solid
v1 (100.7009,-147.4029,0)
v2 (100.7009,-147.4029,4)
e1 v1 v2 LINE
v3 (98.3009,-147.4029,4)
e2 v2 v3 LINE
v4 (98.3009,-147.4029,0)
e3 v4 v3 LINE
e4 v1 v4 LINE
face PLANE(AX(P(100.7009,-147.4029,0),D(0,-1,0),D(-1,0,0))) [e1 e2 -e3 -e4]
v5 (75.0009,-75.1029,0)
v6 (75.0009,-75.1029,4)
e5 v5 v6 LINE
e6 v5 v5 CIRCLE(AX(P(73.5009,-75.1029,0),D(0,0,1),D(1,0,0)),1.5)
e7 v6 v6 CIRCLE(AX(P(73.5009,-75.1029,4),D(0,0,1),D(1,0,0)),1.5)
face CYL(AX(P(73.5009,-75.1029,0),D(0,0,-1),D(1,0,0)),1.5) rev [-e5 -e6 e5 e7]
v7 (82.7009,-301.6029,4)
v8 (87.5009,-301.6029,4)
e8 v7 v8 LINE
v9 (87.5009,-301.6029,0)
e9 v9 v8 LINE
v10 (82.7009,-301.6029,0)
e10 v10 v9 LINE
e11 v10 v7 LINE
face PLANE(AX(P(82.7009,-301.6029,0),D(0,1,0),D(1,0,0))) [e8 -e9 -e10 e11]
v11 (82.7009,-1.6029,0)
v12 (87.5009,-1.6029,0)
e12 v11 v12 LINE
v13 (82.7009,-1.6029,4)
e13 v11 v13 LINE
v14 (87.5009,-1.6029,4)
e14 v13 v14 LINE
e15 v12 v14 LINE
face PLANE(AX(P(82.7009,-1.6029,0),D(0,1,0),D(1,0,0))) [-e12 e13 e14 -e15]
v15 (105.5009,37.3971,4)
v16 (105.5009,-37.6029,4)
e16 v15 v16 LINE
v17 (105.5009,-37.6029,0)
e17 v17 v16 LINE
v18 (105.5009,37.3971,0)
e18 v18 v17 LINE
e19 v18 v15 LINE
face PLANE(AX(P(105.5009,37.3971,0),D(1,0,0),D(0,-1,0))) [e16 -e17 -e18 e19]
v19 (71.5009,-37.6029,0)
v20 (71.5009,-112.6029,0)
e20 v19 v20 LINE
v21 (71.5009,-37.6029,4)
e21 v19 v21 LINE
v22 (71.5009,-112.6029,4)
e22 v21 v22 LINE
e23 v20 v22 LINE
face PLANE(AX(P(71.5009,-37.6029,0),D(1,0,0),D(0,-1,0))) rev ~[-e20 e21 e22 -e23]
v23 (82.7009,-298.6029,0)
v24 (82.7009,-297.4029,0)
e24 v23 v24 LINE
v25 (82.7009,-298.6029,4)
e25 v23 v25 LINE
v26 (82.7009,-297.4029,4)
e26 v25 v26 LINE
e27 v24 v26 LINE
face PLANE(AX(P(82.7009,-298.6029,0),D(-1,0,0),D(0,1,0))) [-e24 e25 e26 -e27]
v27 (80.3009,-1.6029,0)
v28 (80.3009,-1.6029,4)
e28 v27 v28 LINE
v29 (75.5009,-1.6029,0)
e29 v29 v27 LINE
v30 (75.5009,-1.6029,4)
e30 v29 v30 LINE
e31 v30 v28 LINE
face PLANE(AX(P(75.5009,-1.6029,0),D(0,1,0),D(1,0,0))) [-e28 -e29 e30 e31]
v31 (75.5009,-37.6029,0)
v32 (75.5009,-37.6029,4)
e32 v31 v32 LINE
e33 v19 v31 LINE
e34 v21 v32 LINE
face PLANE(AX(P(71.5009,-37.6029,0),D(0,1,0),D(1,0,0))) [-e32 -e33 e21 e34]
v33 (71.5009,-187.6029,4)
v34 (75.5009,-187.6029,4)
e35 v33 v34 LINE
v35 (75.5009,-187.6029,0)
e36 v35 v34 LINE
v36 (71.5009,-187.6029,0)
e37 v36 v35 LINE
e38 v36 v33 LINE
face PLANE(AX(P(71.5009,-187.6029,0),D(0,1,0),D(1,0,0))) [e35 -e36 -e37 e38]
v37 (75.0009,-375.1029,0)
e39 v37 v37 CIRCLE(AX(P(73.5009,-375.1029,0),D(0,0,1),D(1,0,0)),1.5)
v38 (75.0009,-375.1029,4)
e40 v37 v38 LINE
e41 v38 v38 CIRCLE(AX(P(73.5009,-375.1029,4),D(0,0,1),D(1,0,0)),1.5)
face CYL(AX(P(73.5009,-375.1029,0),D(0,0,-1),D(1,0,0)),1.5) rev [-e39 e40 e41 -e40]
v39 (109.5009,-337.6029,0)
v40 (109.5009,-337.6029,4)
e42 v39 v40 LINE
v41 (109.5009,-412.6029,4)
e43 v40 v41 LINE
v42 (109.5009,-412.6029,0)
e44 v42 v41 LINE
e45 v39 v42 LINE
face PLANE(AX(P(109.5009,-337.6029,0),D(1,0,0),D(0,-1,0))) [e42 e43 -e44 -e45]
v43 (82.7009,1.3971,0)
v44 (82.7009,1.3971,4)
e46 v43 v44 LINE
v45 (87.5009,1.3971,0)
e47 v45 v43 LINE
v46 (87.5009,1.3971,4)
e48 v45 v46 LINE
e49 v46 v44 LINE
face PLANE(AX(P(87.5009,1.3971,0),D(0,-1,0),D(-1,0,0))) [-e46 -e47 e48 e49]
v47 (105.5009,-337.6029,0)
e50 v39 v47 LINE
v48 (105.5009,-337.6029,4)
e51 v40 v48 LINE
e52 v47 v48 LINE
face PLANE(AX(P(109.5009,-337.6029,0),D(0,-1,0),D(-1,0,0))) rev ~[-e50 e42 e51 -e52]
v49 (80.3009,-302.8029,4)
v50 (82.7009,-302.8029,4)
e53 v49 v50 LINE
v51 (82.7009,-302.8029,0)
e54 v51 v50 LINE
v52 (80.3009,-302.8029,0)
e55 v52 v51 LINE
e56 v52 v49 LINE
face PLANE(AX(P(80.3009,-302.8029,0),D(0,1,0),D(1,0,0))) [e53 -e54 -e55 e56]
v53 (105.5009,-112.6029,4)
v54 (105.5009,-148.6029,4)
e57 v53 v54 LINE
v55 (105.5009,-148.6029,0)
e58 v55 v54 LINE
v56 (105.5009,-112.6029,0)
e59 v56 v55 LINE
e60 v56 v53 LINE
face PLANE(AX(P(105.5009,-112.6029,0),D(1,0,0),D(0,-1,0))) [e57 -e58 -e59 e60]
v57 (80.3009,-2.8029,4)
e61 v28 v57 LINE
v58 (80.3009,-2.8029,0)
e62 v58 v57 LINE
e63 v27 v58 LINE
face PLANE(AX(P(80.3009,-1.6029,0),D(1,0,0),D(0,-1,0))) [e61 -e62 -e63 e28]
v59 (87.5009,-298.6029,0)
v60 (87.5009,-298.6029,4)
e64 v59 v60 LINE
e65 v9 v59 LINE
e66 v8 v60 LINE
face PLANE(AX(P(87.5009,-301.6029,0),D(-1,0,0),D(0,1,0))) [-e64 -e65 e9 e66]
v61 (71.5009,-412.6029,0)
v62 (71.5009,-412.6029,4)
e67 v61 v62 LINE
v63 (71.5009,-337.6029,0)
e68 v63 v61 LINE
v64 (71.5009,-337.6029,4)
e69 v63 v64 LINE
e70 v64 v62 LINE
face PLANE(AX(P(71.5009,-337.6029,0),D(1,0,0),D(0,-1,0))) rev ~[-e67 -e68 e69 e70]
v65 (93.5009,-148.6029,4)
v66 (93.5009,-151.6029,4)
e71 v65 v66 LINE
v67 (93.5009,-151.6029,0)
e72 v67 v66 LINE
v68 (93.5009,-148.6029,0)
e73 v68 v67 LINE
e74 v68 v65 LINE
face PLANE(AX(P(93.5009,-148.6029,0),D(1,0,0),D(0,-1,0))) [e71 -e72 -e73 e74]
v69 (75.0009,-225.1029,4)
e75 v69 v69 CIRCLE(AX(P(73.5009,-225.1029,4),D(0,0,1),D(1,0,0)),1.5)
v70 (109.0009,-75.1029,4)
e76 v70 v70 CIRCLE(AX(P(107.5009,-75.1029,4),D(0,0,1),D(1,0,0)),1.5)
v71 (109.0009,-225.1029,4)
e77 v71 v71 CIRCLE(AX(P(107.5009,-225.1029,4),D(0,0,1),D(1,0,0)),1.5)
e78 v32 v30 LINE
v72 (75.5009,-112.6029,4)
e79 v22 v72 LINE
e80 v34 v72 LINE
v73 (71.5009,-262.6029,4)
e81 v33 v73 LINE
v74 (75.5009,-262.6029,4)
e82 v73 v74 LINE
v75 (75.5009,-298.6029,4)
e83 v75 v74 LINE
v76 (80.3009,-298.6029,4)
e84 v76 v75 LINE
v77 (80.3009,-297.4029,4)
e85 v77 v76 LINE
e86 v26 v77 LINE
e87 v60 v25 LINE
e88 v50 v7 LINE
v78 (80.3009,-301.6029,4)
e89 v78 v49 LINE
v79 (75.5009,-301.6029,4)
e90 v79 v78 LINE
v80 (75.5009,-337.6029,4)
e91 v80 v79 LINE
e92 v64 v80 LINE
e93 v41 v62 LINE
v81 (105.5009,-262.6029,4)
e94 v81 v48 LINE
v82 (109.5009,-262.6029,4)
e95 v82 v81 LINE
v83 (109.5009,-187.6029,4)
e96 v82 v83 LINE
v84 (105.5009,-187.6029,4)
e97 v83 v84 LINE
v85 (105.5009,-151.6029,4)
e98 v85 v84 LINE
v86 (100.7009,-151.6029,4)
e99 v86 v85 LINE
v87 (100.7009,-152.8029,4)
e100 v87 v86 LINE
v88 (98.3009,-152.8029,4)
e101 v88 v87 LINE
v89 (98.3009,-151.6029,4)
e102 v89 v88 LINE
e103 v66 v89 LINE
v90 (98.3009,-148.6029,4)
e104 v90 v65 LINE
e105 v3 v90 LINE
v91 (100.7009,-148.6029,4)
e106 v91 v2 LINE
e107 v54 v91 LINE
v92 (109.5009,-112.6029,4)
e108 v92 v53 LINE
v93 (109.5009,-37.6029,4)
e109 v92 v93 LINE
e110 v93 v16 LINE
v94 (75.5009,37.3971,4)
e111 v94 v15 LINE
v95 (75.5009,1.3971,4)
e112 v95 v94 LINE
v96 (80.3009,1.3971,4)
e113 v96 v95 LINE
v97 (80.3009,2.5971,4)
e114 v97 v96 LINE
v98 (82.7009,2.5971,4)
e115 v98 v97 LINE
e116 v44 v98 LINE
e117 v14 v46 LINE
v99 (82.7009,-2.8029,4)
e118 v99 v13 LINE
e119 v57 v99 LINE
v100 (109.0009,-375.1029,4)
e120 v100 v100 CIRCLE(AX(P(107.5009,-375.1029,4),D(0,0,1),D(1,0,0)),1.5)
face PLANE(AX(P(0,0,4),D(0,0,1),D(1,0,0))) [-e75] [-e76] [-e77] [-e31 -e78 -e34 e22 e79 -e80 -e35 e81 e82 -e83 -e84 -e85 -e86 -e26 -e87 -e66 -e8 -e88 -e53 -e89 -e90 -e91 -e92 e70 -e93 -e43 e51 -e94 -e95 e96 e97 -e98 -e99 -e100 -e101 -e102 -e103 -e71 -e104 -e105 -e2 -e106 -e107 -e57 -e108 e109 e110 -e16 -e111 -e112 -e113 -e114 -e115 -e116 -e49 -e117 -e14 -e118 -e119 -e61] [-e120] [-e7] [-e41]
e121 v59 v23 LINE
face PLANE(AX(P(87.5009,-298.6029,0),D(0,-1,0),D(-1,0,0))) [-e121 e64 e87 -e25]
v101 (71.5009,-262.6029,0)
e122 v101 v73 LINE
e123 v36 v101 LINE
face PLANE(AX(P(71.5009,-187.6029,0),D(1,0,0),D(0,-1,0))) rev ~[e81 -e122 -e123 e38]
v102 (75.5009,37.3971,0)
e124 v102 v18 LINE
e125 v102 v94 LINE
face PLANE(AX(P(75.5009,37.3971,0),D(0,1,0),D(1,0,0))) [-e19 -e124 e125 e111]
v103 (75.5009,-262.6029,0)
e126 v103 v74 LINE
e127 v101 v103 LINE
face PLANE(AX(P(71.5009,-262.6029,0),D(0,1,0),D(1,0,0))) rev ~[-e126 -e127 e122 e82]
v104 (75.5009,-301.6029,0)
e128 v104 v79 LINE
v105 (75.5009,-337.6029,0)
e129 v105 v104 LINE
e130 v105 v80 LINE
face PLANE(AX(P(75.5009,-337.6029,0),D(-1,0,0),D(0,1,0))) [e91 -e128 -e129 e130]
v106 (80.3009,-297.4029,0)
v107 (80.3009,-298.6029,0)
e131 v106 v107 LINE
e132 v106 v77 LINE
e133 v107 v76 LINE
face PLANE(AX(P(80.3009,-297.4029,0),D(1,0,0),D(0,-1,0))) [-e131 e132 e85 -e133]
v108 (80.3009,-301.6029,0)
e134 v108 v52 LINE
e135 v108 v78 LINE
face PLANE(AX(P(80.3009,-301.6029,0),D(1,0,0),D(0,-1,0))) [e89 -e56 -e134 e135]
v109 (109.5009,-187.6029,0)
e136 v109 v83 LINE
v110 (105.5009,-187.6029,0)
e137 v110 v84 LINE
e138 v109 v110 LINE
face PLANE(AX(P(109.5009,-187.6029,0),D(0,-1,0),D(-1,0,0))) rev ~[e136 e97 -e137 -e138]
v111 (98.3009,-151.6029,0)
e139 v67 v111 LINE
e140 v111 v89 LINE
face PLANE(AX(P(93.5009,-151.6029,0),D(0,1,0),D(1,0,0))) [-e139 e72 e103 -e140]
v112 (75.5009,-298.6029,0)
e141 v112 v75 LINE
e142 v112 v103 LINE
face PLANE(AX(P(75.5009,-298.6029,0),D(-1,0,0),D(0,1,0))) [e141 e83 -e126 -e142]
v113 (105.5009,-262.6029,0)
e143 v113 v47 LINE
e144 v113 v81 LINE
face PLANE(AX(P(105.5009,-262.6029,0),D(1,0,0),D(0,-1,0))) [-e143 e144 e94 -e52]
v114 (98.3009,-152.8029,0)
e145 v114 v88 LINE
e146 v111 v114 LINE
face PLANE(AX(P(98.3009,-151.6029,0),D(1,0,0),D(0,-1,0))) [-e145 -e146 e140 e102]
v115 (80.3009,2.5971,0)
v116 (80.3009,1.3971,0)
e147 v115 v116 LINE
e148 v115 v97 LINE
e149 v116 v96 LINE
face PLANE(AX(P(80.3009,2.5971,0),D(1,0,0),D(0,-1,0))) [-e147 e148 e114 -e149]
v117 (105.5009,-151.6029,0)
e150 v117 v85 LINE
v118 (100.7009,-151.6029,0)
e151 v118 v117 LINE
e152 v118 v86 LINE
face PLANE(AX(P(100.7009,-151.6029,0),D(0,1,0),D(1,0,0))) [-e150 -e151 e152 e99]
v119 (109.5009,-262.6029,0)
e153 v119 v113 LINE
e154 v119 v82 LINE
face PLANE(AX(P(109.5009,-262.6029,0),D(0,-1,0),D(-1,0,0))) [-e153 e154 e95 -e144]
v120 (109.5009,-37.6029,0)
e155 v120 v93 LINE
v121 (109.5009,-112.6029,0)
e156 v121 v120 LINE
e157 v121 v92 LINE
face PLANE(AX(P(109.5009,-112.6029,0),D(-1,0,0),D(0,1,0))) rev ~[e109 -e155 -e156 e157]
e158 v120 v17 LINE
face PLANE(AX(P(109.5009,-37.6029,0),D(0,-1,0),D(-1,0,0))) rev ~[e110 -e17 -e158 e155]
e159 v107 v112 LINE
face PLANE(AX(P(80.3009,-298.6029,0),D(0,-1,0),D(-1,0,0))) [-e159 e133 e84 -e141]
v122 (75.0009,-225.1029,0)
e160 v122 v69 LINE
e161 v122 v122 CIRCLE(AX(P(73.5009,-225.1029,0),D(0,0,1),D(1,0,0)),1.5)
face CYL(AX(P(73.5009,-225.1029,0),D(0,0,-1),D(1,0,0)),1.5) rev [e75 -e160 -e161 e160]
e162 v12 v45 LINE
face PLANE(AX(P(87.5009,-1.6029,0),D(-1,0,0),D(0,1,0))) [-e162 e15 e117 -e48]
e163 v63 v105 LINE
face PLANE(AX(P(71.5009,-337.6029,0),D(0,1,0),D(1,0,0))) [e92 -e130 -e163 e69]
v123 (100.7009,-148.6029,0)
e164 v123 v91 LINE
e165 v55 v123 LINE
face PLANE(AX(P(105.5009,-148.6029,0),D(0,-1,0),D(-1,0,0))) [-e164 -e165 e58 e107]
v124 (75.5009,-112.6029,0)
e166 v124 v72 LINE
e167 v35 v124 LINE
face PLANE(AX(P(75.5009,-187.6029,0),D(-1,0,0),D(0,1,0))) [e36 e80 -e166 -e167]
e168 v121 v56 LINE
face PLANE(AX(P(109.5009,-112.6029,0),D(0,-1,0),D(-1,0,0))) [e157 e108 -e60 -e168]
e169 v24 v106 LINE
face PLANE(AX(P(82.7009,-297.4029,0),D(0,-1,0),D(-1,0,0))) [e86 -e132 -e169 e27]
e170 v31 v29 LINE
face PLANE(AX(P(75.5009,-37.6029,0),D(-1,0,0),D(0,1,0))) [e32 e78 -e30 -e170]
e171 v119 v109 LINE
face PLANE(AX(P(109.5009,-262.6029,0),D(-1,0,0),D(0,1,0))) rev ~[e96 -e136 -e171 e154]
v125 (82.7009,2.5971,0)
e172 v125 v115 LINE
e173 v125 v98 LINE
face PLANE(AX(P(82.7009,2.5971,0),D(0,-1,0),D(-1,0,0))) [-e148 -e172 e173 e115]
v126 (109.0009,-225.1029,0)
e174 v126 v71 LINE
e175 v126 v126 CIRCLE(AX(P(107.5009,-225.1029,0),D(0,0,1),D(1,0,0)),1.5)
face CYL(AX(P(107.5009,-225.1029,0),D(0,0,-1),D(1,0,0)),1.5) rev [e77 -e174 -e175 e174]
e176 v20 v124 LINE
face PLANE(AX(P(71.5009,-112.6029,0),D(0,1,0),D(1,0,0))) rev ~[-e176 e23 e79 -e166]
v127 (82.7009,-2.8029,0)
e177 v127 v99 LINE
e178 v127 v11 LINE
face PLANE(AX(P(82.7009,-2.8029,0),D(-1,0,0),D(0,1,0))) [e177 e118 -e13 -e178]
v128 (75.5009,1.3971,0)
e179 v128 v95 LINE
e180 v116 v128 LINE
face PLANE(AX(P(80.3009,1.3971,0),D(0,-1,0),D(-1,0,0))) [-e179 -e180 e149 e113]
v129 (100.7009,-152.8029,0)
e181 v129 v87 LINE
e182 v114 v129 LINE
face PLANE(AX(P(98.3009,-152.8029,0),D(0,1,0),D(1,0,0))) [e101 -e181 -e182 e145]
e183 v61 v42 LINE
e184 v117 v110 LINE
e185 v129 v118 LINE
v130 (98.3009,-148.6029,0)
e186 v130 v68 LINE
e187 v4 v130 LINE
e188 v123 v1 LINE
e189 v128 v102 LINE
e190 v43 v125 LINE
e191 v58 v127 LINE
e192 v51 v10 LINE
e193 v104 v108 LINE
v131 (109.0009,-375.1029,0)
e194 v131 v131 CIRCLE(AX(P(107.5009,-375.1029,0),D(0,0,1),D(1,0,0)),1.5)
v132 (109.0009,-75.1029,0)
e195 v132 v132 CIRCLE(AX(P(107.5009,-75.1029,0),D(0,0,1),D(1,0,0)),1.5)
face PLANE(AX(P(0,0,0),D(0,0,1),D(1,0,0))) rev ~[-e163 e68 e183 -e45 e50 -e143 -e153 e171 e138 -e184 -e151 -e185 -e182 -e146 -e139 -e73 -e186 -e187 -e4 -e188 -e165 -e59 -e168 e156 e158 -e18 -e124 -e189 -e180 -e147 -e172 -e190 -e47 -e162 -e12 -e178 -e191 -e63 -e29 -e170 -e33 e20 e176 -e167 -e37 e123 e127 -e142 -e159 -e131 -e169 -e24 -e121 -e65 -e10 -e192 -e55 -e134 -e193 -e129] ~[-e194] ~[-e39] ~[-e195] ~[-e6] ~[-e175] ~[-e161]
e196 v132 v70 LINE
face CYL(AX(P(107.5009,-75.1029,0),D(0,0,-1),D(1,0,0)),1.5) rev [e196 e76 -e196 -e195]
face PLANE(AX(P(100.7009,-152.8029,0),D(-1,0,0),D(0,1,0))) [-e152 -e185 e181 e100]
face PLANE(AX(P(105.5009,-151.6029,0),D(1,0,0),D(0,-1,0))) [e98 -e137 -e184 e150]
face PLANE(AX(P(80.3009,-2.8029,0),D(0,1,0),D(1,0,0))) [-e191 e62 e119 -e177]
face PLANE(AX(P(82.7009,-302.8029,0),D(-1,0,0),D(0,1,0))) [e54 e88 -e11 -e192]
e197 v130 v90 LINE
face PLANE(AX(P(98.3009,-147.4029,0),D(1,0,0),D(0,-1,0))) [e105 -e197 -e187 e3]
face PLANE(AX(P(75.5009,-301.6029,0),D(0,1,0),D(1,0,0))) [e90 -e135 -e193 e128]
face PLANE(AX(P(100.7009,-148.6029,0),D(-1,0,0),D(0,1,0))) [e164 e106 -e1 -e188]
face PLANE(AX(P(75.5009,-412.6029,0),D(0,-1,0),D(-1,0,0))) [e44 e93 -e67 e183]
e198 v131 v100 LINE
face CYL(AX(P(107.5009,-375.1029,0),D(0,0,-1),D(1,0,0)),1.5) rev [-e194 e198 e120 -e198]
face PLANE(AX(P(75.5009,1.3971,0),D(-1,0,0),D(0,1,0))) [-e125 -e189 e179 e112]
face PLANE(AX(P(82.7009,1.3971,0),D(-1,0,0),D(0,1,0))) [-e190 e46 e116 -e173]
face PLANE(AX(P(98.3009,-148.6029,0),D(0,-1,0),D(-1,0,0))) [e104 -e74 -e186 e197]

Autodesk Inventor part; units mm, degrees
ref_plane "YZ Plane" through (0, 0, 0) normal (1, 0, 0) x (0, 1, 0)
ref_plane "XZ Plane" through (0, 0, 0) normal (0, 1, 0) x (-1, 0, 0)
ref_plane "XY Plane" through (0, 0, 0) normal (0, 0, 1) x (1, 0, 0)
sketch "Sketch1" plane through (0, 0, 0) normal (0, 0, 1) x (1, 0, 0)
  line L0 (75.5009, -337.6029) -> (75.5009, -262.6029) projected
  line L1 (71.5009, -262.6029) -> (75.5009, -262.6029) projected
  line L2 (71.5009, -337.6029) -> (71.5009, -262.6029) projected
  line L3 (71.5009, -337.6029) -> (75.5009, -337.6029) projected
  line L4 (75.5009, -187.6029) -> (75.5009, -112.6029) projected
  line L5 (71.5009, -112.6029) -> (75.5009, -112.6029) projected
  line L6 (71.5009, -187.6029) -> (71.5009, -112.6029) projected
  line L7 (71.5009, -187.6029) -> (75.5009, -187.6029) projected
  line L8 (75.5009, -37.6029) -> (75.5009, 37.3971) projected
  line L9 (71.5009, 37.3971) -> (75.5009, 37.3971) projected
  line L10 (71.5009, -37.6029) -> (71.5009, 37.3971) projected
  line L11 (71.5009, -37.6029) -> (75.5009, -37.6029) projected
  line L12 (75.5009, 37.3971) -> (105.5009, 37.3971)
  line L13 (105.5009, 37.3971) -> (105.5009, -412.6029)
  line L14 (105.5009, -412.6029) -> (75.5009, -412.6029)
  line L15 (75.5009, -412.6029) -> (75.5009, 37.3971)
  line L16 (71.5009, -412.6029) -> (279.5009, -412.6029) construction
  line L17 (90.5009, -412.6029) -> (90.5009, 37.3971) construction
  line L18 (105.5009, -337.6029) -> (105.5009, -262.6029)
  line L19 (109.5009, -262.6029) -> (105.5009, -262.6029)
  line L20 (109.5009, -337.6029) -> (109.5009, -262.6029)
  line L21 (109.5009, -337.6029) -> (105.5009, -337.6029)
  line L22 (105.5009, -187.6029) -> (105.5009, -112.6029)
  line L23 (109.5009, -112.6029) -> (105.5009, -112.6029)
  line L24 (109.5009, -187.6029) -> (109.5009, -112.6029)
  line L25 (109.5009, -187.6029) -> (105.5009, -187.6029)
  line L26 (105.5009, -37.6029) -> (105.5009, 37.3971)
  line L27 (109.5009, 37.3971) -> (105.5009, 37.3971)
  line L28 (109.5009, -37.6029) -> (109.5009, 37.3971)
  line L29 (109.5009, -37.6029) -> (105.5009, -37.6029)
  line L30 (71.5009, -37.6029) -> (71.5009, -112.6029)
  line L31 (71.5009, -187.6029) -> (71.5009, -262.6029)
  line L32 (71.5009, -337.6029) -> (71.5009, -412.6029)
  line L33 (75.5009, -412.6029) -> (71.5009, -412.6029)
  line L34 (109.5009, -337.6029) -> (109.5009, -412.6029)
  line L35 (109.5009, -412.6029) -> (105.5009, -412.6029)
  line L36 (109.5009, -262.6029) -> (109.5009, -187.6029)
  line L37 (109.5009, -112.6029) -> (109.5009, -37.6029)
  line L38 (71.5009, -37.6029) -> (75.5009, -112.6029) construction
  circle A0 centre (73.5009, -75.1029) radius 1.5
  circle A1 centre (73.5009, -225.1029) radius 1.5
  circle A2 centre (73.5009, -375.1029) radius 1.5
  circle A3 centre (107.5009, -75.1029) radius 1.5
  circle A4 centre (107.5009, -225.1029) radius 1.5
  circle A5 centre (107.5009, -375.1029) radius 1.5
  line L39 (75.5009, -1.6029) -> (87.5009, -1.6029)
  line L40 (87.5009, -1.6029) -> (87.5009, 1.3971)
  line L41 (87.5009, 1.3971) -> (75.5009, 1.3971)
  line L42 (75.5009, 1.3971) -> (75.5009, -1.6029)
  line L43 (82.7009, 2.5971) -> (80.3009, 2.5971)
  line L44 (80.3009, 2.5971) -> (80.3009, -2.8029)
  line L45 (80.3009, -2.8029) -> (82.7009, -2.8029)
  line L46 (82.7009, -2.8029) -> (82.7009, 2.5971)
  line L47 (93.5009, -151.6029) -> (105.5009, -151.6029)
  line L48 (105.5009, -151.6029) -> (105.5009, -148.6029)
  line L49 (105.5009, -148.6029) -> (93.5009, -148.6029)
  line L50 (93.5009, -148.6029) -> (93.5009, -151.6029)
  line L51 (100.7009, -147.4029) -> (98.3009, -147.4029)
  line L52 (98.3009, -147.4029) -> (98.3009, -152.8029)
  line L53 (98.3009, -152.8029) -> (100.7009, -152.8029)
  line L54 (100.7009, -152.8029) -> (100.7009, -147.4029)
  line L55 (75.5009, -301.6029) -> (87.5009, -301.6029)
  line L56 (87.5009, -301.6029) -> (87.5009, -298.6029)
  line L57 (87.5009, -298.6029) -> (75.5009, -298.6029)
  line L58 (75.5009, -298.6029) -> (75.5009, -301.6029)
  line L59 (82.7009, -297.4029) -> (80.3009, -297.4029)
  line L60 (80.3009, -297.4029) -> (80.3009, -302.8029)
  line L61 (80.3009, -302.8029) -> (82.7009, -302.8029)
  line L62 (82.7009, -302.8029) -> (82.7009, -297.4029)
  point P0 (87.5009, -0.1029)
  point P1 (71.5009, -0.1029)
  point P2 (82.7009, -0.1029)
  point P3 (81.5009, 2.5971)
  point P4 (81.5009, -1.6029)
  point P5 (105.5009, -150.1029)
  point P6 (100.7009, -150.1029)
  point P7 (99.5009, -147.4029)
  point P8 (99.5009, -151.6029)
  point P9 (87.5009, -300.1029)
  point P10 (82.7009, -300.1029)
  point P11 (81.5009, -297.4029)
  point P12 (81.5009, -301.6029)
  point P13 (109.5009, -150.1029)
  point P14 (71.5009, -300.1029)
  point P15 (80.3009, 1.3971)
  point P16 (82.7009, 1.3971)
  point P17 (82.7009, -1.6029)
  point P18 (80.3009, -1.6029)
  point P19 (80.3009, -298.6029)
  point P20 (82.7009, -298.6029)
  point P21 (82.7009, -301.6029)
  point P22 (80.3009, -301.6029)
  point P23 (100.7009, -151.6029)
  point P24 (98.3009, -151.6029)
  point P25 (98.3009, -148.6029)
  point P26 (100.7009, -148.6029)
  dimension "d3" = 30
  dimension "d4" = 3
  dimension "d7" = 150
  dimension "d10" = 34
  dimension "d13" = 3
  dimension "d14" = 12
  dimension "d15" = 5.4
  dimension "d16" = 2.4
  dimension "d17" = 3
  dimension "d18" = 12
  dimension "d19" = 5.4
  dimension "d20" = 2.4
  dimension "d21" = 3
  dimension "d22" = 12
  dimension "d23" = 5.4
  dimension "d24" = 2.4
extrude "Extrusion1" add sketch "Sketch1" along normal blind 4 contours L15 L33 L32 L3 | L0 L55 L60 L61 L62 L56 L57 L59 L15 L4 L8 L39 L44 L45 L46 L40 L41 L43 L12 L13 L49 L54 L51 L52 L50 L47 L53 L14 | L31 L7 L15 L1 | L13 L21 L34 L35 | L30 L11 L15 L5 | L13 L25 L36 L19 | L23 L13 L29 L37
properties part number "Cableduct_Cover" material "MDF Medium Density Fiberboard"
